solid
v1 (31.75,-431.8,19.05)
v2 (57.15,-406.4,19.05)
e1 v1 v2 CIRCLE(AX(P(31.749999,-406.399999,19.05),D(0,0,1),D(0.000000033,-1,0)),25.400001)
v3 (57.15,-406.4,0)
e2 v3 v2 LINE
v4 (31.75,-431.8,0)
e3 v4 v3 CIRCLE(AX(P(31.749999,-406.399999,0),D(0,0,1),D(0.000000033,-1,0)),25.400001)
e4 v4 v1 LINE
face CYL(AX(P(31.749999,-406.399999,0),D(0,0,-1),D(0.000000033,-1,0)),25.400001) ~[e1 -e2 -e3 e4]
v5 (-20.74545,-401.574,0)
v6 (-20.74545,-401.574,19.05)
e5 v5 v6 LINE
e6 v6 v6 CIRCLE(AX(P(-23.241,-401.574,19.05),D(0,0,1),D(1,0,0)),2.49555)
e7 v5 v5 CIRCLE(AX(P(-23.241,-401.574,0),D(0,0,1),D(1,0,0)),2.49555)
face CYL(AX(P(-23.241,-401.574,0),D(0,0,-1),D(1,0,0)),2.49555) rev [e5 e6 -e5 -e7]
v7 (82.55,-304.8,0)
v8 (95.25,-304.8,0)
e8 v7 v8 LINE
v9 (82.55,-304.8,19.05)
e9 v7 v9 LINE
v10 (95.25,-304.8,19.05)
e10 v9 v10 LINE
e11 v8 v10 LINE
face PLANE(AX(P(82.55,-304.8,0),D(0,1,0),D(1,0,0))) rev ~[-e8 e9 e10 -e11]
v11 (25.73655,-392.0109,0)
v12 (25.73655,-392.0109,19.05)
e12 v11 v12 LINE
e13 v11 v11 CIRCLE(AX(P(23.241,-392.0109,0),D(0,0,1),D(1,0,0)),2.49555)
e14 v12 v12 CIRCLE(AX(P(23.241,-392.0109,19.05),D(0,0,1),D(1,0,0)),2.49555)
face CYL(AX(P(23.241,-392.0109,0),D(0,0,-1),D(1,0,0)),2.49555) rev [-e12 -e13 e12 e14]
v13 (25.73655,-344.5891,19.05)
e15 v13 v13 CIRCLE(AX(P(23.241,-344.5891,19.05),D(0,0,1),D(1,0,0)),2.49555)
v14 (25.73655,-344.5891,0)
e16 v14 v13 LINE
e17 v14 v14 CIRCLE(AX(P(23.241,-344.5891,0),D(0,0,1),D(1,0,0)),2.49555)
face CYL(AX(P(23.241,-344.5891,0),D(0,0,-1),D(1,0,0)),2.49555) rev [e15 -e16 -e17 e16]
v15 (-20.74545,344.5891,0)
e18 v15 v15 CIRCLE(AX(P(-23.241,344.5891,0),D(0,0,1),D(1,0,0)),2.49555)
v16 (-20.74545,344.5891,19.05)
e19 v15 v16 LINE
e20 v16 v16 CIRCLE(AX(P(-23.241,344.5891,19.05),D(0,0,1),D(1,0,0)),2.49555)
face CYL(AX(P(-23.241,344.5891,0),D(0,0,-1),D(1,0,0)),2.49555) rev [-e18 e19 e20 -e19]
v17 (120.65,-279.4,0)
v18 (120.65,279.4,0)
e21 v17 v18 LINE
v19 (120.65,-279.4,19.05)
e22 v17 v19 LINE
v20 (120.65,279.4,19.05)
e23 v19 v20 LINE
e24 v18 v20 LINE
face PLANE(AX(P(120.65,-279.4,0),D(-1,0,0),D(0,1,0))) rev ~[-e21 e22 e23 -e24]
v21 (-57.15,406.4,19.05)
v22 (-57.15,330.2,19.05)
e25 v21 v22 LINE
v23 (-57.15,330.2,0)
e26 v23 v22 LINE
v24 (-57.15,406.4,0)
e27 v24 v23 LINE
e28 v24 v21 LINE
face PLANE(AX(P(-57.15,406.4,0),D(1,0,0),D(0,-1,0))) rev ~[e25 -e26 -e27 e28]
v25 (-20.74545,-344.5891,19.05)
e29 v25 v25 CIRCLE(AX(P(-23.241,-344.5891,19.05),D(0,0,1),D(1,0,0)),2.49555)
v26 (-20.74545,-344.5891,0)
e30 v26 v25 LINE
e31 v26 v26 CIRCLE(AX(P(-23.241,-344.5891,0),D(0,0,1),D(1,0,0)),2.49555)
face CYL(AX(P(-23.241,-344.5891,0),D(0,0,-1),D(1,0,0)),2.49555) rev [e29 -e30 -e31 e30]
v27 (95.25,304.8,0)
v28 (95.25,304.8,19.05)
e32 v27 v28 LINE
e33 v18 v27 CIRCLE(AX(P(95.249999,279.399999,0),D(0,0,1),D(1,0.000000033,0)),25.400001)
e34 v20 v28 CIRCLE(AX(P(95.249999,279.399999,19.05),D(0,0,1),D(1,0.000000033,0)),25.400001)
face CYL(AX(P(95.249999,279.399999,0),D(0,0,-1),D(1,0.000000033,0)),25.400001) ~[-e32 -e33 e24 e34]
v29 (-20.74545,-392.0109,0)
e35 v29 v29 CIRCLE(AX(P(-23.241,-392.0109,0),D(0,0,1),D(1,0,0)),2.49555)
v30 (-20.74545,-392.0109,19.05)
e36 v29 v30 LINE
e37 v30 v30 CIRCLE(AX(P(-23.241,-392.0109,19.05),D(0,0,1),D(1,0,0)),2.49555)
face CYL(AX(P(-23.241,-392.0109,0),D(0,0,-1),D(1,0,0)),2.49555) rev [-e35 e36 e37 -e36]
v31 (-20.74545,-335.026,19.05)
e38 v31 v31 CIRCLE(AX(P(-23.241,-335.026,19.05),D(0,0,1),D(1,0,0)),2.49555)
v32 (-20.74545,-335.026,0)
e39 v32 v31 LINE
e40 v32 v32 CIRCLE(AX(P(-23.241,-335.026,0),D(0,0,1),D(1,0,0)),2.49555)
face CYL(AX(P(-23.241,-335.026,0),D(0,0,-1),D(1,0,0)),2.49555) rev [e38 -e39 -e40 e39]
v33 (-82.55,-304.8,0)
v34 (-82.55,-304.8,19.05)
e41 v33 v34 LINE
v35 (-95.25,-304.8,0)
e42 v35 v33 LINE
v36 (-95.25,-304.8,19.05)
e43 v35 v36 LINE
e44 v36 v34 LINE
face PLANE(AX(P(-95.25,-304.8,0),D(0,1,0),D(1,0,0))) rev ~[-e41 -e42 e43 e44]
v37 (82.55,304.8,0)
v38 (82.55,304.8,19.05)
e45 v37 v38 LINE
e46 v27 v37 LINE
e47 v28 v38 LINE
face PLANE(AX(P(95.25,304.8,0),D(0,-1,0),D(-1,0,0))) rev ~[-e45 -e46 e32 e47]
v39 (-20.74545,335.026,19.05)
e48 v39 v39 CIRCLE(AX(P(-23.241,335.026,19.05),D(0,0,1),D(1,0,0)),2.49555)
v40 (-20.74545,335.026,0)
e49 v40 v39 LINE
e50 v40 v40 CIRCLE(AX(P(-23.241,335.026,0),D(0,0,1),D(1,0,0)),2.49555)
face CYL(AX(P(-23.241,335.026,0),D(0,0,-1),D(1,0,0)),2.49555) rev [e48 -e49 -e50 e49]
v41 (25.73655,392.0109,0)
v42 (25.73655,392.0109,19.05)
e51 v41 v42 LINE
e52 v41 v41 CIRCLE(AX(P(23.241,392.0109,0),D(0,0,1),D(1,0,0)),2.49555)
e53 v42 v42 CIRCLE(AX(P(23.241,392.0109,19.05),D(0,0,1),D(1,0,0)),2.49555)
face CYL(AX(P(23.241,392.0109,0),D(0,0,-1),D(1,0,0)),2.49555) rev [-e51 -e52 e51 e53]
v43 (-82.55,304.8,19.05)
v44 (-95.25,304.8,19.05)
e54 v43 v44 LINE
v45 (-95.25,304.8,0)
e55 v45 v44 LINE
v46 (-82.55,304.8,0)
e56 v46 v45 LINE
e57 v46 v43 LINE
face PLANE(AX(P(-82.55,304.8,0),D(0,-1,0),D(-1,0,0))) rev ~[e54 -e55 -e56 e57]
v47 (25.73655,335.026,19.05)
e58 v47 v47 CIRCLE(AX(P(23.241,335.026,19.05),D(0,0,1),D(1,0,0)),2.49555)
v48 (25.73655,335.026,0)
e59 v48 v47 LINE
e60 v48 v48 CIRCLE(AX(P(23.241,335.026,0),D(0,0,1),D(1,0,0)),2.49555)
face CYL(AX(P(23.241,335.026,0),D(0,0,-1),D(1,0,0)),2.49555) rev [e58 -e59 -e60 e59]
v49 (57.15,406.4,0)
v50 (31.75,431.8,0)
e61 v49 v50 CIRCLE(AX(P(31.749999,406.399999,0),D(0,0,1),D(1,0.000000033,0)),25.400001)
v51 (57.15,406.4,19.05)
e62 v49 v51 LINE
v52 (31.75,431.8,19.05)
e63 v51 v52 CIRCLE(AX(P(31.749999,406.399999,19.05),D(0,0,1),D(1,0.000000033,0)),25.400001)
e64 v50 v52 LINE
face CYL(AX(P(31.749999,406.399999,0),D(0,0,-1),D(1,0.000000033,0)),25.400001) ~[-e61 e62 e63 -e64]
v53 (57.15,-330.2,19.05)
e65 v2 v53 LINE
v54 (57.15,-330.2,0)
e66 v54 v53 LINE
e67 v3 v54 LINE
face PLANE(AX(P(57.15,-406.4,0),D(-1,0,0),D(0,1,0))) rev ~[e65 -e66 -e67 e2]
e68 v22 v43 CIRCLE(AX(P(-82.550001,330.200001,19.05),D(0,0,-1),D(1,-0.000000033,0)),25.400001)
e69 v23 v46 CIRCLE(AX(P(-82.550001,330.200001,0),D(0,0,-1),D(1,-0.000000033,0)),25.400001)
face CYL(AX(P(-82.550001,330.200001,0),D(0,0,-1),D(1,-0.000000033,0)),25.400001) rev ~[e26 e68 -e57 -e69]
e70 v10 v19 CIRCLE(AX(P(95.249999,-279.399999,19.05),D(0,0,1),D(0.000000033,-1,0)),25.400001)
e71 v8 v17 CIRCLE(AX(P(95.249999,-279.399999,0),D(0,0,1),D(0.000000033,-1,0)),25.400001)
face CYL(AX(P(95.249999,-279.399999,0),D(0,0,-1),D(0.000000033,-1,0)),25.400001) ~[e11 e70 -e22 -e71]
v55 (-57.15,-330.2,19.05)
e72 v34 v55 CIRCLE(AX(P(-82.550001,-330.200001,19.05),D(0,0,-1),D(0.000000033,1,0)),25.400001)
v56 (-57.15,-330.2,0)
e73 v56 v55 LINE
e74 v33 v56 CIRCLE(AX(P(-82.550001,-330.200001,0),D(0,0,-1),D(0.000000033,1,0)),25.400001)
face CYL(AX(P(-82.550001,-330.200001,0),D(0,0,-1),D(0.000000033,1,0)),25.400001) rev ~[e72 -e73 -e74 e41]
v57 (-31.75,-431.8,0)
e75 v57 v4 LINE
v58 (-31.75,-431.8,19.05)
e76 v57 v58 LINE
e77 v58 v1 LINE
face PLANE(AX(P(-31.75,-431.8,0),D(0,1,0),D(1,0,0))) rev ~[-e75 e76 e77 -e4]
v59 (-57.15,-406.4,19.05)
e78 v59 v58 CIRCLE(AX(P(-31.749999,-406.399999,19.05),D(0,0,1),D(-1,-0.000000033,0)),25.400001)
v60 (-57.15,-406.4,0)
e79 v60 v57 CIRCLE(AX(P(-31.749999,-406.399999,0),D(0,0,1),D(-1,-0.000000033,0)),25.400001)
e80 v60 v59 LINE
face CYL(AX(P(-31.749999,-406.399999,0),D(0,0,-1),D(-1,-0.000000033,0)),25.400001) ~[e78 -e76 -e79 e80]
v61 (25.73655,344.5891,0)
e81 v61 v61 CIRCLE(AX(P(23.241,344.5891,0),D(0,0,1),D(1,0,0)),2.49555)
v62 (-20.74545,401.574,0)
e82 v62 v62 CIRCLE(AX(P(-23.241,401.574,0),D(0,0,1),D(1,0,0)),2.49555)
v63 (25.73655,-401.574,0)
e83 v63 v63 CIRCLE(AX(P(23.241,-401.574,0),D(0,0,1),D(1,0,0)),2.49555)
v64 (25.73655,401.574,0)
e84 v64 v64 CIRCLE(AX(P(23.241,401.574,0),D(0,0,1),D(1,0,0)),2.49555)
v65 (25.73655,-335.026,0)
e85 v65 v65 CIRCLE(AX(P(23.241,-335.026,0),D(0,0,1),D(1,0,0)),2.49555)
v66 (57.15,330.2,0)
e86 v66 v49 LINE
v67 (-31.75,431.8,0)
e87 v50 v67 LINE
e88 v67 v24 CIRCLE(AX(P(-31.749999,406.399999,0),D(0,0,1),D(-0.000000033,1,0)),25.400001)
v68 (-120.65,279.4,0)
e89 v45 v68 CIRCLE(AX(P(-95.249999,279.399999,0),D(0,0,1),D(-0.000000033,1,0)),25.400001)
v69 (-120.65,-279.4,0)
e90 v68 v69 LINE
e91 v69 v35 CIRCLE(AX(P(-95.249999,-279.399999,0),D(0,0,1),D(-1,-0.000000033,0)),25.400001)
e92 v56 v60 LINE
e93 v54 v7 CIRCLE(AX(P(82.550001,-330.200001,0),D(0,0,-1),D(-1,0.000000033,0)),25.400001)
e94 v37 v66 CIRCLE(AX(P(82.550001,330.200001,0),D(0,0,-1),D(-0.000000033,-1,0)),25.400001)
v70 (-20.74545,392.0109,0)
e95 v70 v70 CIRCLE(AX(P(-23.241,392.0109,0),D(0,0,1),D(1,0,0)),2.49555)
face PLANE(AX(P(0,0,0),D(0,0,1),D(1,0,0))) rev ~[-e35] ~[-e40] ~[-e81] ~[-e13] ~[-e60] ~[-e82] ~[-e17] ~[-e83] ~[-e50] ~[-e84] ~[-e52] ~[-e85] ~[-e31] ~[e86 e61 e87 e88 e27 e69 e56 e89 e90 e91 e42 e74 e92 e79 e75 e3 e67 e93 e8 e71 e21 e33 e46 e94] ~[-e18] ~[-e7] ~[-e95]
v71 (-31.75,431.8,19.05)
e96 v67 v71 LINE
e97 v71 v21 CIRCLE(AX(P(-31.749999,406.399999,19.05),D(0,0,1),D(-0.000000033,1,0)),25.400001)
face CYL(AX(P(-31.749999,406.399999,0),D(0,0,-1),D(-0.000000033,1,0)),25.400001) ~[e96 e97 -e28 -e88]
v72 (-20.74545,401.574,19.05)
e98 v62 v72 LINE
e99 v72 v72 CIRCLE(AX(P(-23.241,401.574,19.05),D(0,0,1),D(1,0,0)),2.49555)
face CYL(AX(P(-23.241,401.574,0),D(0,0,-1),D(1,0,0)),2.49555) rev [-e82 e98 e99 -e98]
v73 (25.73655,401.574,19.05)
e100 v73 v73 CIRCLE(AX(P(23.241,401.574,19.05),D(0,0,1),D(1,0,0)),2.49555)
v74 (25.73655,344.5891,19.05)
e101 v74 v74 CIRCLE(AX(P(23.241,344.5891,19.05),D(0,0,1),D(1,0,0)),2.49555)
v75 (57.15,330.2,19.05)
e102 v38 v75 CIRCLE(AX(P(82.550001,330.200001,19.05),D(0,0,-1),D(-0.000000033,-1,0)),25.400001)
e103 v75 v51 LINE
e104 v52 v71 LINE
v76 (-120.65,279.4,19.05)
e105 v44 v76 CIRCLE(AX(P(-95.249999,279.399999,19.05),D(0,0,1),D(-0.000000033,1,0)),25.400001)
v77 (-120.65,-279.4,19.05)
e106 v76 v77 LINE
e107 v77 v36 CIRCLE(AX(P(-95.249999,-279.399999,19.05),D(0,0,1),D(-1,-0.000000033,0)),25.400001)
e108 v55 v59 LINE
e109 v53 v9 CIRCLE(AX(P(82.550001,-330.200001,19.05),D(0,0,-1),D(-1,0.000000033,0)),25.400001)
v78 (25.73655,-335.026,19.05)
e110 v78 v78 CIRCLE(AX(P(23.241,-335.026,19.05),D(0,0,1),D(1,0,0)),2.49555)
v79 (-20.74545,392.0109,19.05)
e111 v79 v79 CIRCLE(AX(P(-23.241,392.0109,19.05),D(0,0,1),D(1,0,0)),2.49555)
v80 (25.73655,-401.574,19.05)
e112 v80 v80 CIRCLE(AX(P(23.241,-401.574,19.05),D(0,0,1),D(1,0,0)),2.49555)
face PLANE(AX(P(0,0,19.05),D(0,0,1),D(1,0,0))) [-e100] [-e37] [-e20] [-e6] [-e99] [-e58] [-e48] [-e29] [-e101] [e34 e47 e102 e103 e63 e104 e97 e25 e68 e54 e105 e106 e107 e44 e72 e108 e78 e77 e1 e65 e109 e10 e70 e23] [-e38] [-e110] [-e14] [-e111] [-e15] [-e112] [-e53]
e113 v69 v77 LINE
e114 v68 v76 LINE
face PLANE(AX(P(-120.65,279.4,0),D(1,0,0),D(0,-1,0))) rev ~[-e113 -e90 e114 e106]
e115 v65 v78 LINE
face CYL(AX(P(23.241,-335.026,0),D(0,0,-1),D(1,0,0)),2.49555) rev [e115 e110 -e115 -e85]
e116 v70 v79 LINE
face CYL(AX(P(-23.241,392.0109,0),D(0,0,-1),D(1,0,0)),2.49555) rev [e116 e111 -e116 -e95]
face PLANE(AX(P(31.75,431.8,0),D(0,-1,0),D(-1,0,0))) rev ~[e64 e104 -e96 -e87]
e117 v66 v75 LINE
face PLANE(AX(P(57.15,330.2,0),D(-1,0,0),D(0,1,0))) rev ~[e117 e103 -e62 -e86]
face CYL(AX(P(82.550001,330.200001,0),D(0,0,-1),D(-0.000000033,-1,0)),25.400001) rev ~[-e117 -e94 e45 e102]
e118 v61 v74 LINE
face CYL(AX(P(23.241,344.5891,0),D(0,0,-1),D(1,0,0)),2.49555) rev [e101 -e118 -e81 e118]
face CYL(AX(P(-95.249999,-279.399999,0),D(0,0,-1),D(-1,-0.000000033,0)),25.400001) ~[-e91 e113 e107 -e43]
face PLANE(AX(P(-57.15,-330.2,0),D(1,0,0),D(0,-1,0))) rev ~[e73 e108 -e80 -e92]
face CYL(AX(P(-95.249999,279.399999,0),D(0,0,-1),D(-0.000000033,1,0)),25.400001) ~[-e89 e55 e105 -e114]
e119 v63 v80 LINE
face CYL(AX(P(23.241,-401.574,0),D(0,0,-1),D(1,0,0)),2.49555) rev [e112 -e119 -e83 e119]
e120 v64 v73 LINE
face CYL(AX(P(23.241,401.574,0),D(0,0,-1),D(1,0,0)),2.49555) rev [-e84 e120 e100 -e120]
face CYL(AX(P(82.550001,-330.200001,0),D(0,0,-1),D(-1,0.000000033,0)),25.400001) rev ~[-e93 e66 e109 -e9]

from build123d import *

# Parameters (mm, degrees)
F0_W     = 56.134
F0_H     = 76.2
F0_R     = 2.49555
F1_DEPTH = 19.05


with BuildPart() as f1:
    # F0 (on Top) → F1 (new body)
    with BuildSketch(Plane.XY):
        with BuildLine():
            Line((95.25, 304.8), (82.55, 304.8))
            ThreePointArc((82.55, 304.8), (64.589488, 312.239488), (57.15, 330.2))
            Line((57.15, 330.2), (57.15, 406.4))
            ThreePointArc((57.15, 406.4), (49.710512, 424.360512), (31.75, 431.8))
            Line((31.75, 431.8), (-31.75, 431.8))
            ThreePointArc((-31.75, 431.8), (-49.710512, 424.360512), (-57.15, 406.4))
            Line((-57.15, 406.4), (-57.15, 330.2))
            ThreePointArc((-57.15, 330.2), (-64.589488, 312.239488), (-82.55, 304.8))
            Line((-82.55, 304.8), (-95.25, 304.8))
            ThreePointArc((-95.25, 304.8), (-113.210512, 297.360512), (-120.65, 279.4))
            Line((-120.65, 279.4), (-120.65, -279.4))
            ThreePointArc((-120.65, -279.4), (-113.210512, -297.360512), (-95.25, -304.8))
            Line((-95.25, -304.8), (-82.55, -304.8))
            ThreePointArc((-82.55, -304.8), (-64.589488, -312.239488), (-57.15, -330.2))
            Line((-57.15, -330.2), (-57.15, -406.4))
            ThreePointArc((-57.15, -406.4), (-49.710512, -424.360512), (-31.75, -431.8))
            Line((-31.75, -431.8), (31.75, -431.8))
            ThreePointArc((31.75, -431.8), (49.710512, -424.360512), (57.15, -406.4))
            Line((57.15, -406.4), (57.15, -330.2))
            ThreePointArc((57.15, -330.2), (64.589488, -312.239488), (82.55, -304.8))
            Line((82.55, -304.8), (95.25, -304.8))
            ThreePointArc((95.25, -304.8), (113.210512, -297.360512), (120.65, -279.4))
            Line((120.65, -279.4), (120.65, 279.4))
            ThreePointArc((120.65, 279.4), (113.210512, 297.360512), (95.25, 304.8))
        make_face()
        with Locations((0, -368.3)):
            Rectangle(F0_W, F0_H, mode=Mode.SUBTRACT)
        with Locations((-23.241, 335.026)):
            Circle(F0_R, mode=Mode.SUBTRACT)
        with Locations((-23.241, 344.5891)):
            Circle(F0_R, mode=Mode.SUBTRACT)
        with Locations((-23.241, 392.0109)):
            Circle(F0_R, mode=Mode.SUBTRACT)
        with Locations((-23.241, 401.574)):
            Circle(F0_R, mode=Mode.SUBTRACT)
        with Locations((23.241, 335.026)):
            Circle(F0_R, mode=Mode.SUBTRACT)
        with Locations((23.241, 344.5891)):
            Circle(F0_R, mode=Mode.SUBTRACT)
        with Locations((23.241, 392.0109)):
            Circle(F0_R, mode=Mode.SUBTRACT)
        with Locations((23.241, 401.574)):
            Circle(F0_R, mode=Mode.SUBTRACT)
        with Locations((0, -368.3)):
            Rectangle(F0_W, F0_H)
        with Locations((-23.241, -401.574)):
            Circle(F0_R, mode=Mode.SUBTRACT)
        with Locations((-23.241, -392.0109)):
            Circle(F0_R, mode=Mode.SUBTRACT)
        with Locations((-23.241, -344.5891)):
            Circle(F0_R, mode=Mode.SUBTRACT)
        with Locations((-23.241, -335.026)):
            Circle(F0_R, mode=Mode.SUBTRACT)
        with Locations((23.241, -401.574)):
            Circle(F0_R, mode=Mode.SUBTRACT)
        with Locations((23.241, -392.0109)):
            Circle(F0_R, mode=Mode.SUBTRACT)
        with Locations((23.241, -344.5891)):
            Circle(F0_R, mode=Mode.SUBTRACT)
        with Locations((23.241, -335.026)):
            Circle(F0_R, mode=Mode.SUBTRACT)
    extrude(amount=F1_DEPTH)


solid = f1.part
